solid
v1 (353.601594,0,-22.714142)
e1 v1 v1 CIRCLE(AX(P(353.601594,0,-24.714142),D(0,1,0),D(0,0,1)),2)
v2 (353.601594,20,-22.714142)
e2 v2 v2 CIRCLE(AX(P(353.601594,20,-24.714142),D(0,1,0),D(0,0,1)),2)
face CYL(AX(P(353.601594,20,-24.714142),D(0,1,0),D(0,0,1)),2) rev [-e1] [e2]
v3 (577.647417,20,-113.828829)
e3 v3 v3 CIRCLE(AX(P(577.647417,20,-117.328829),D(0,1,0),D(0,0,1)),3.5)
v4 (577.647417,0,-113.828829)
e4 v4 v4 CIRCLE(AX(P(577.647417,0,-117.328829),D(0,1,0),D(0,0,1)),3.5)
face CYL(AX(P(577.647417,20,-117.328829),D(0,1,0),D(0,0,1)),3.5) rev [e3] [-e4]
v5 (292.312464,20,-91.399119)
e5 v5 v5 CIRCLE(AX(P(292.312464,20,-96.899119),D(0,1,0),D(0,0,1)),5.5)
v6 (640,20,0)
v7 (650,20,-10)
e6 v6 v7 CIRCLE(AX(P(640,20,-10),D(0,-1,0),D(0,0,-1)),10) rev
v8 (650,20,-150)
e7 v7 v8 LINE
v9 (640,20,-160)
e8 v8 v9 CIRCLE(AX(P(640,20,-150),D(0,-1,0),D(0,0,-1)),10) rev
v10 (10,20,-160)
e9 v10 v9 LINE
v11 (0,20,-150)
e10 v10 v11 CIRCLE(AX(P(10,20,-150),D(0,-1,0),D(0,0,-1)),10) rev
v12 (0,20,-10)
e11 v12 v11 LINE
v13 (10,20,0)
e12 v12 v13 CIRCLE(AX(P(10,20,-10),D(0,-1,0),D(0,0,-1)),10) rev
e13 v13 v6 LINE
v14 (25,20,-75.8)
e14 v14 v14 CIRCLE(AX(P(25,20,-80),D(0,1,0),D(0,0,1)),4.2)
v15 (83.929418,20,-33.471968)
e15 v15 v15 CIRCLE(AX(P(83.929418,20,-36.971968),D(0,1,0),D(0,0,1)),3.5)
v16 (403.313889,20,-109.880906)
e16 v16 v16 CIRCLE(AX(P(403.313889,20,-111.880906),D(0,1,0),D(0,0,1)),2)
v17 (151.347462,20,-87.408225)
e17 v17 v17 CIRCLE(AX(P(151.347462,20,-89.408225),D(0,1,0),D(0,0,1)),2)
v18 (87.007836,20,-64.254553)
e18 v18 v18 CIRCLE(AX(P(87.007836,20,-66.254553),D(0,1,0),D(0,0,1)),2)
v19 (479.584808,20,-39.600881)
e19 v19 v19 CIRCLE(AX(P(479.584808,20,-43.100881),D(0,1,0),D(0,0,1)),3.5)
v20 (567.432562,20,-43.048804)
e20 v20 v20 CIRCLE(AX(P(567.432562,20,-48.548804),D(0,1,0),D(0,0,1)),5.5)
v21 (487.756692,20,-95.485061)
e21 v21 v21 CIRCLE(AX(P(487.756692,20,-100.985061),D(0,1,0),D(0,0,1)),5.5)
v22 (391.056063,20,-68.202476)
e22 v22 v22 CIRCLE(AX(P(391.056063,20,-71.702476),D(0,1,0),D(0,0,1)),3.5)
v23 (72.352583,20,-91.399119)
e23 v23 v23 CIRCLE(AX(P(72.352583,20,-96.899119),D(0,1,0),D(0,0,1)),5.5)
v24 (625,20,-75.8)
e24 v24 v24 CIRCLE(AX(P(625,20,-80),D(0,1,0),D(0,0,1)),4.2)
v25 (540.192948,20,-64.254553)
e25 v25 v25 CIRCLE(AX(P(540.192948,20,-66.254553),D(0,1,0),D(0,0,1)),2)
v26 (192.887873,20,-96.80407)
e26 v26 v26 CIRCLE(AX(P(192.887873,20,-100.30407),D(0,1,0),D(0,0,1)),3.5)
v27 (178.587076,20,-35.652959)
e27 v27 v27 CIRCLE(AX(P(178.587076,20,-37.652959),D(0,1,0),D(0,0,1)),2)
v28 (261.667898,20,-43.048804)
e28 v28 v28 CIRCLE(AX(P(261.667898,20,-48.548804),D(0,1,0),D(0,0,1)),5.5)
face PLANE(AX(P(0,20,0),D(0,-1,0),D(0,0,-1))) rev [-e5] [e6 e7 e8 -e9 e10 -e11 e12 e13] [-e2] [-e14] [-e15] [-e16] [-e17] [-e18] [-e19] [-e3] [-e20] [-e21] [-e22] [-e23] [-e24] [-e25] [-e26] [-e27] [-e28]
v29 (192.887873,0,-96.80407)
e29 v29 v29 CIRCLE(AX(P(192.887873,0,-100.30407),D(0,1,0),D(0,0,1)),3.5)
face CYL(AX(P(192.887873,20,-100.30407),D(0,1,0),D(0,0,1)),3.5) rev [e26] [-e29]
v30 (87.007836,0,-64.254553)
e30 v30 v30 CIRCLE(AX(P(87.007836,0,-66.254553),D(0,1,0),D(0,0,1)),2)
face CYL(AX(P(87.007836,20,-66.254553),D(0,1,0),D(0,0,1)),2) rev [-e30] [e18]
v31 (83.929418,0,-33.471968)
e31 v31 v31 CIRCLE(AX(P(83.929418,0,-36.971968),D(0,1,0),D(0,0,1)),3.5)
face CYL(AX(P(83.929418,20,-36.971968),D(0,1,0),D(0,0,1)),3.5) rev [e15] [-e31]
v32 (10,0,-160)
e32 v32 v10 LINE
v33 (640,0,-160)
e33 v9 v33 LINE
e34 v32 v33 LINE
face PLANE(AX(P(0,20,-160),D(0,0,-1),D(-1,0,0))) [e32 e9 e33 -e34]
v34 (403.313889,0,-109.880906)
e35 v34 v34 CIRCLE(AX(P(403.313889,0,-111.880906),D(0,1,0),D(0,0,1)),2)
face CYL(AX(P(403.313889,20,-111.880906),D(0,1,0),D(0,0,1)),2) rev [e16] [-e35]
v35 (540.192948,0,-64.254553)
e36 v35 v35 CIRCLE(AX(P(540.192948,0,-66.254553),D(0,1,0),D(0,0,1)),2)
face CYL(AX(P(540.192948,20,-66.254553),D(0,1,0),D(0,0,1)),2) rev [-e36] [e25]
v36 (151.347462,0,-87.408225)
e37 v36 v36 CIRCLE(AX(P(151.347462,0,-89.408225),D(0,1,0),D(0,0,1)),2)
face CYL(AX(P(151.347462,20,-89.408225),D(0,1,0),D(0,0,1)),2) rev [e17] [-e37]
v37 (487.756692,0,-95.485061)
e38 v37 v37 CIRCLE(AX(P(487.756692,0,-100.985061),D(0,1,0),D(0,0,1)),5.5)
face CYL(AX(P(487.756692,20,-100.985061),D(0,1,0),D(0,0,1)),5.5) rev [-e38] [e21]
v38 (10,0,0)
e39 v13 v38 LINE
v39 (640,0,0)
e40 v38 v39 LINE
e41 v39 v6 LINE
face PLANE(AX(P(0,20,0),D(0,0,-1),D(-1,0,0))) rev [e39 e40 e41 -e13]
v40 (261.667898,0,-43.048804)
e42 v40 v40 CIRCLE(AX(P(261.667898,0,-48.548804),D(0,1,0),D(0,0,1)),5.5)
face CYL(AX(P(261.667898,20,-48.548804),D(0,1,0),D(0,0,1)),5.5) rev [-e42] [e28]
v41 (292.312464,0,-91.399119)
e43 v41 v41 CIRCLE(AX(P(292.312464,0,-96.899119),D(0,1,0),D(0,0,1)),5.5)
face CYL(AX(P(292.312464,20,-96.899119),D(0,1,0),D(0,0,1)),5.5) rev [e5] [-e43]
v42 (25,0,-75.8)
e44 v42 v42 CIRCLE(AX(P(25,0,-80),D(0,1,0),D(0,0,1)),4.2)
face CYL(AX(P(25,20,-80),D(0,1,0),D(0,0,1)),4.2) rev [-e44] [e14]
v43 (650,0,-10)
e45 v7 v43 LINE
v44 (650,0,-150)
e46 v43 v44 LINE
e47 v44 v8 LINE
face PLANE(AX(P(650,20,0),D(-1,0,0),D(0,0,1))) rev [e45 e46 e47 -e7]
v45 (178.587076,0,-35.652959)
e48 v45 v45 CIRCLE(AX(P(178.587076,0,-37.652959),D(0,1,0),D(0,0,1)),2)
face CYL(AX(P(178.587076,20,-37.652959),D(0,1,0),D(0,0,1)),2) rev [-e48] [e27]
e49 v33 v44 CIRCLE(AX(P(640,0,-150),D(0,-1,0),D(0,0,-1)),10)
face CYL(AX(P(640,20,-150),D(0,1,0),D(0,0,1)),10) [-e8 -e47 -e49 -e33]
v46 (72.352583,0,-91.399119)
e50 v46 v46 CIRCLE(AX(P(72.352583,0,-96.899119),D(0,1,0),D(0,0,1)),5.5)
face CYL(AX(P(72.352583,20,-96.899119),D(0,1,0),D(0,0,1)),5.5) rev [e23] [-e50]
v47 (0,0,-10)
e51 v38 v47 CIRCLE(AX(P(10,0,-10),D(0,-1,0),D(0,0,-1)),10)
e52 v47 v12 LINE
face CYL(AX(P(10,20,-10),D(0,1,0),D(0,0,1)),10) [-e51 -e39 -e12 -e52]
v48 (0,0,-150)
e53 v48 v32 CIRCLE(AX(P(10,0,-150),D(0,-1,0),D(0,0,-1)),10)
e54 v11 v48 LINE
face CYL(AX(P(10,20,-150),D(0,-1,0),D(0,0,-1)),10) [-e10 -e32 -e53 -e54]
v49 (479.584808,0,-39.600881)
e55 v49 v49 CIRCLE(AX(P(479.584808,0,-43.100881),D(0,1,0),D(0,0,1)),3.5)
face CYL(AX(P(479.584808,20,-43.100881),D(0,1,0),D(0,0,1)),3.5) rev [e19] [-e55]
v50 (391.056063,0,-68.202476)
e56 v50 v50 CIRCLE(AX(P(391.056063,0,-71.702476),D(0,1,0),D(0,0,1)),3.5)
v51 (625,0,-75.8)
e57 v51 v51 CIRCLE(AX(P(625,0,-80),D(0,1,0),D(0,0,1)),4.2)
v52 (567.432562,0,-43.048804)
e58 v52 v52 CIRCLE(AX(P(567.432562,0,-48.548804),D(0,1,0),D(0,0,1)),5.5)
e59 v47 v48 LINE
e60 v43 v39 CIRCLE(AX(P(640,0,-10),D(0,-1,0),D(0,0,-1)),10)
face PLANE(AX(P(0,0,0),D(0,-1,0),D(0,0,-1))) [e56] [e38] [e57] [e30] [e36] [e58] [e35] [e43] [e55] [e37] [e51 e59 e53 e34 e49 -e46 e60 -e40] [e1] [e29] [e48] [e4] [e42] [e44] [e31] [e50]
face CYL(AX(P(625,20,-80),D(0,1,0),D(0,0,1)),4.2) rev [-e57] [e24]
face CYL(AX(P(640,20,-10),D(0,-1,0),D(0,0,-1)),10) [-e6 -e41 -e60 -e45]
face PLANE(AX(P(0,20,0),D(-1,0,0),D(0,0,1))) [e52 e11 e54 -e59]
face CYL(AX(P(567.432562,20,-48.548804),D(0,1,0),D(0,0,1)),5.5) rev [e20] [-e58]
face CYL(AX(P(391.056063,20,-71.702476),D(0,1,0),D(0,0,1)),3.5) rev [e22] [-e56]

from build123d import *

# Parameters (mm, degrees)
SKETCH1_W                  = 650
SKETCH1_H                  = 160
BOSS_EXTRUDE1_DEPTH        = 20
FILLET1_R                  = 10
F_11_0_11_DIAMETER_HOLE1_D = 11
F_7_0_7_DIAMETER_HOLE1_D   = 7
F_4_0_4_DIAMETER_HOLE1_D   = 4
M8_CLEARANCE_HOLE1_D       = 8.4


with BuildPart() as part:
    # Sketch1 → Boss-Extrude1 (new body)
    with BuildSketch(Plane(origin=(0, 0, 0), x_dir=(1, 0, 0), z_dir=(0, 1, 0))):
        with Locations((325, 80)):
            Rectangle(SKETCH1_W, SKETCH1_H)
    extrude(amount=BOSS_EXTRUDE1_DEPTH)

    # Fillet1
    fillet1_edges = [part.edges().sort_by_distance(p)[0] for p in [
        (0, 10, 0),
        (650, 10, 0),
        (650, 10, -160),
        (0, 10, -160),
    ]]
    fillet(fillet1_edges, radius=FILLET1_R)

    # Ø11.0 (11) Diameter Hole1 (through all)
    with Locations(Plane(origin=(0, 20, 0), x_dir=(1, 0, 0), z_dir=(0, 1, 0))):
        with Locations((72.352582635, 96.89911856), (261.667898073, 48.548804186), (487.756692049, 100.98506062), (567.432562216, 48.548804186), (292.312463521, 96.89911856)):
            Hole(F_11_0_11_DIAMETER_HOLE1_D / 2)

    # Ø7.0 (7) Diameter Hole1 (through all)
    with Locations(Plane(origin=(0, 20, 0), x_dir=(1, 0, 0), z_dir=(0, 1, 0))):
        with Locations((192.887873399, 100.304070277), (83.929418471, 36.97196835), (391.0560633, 71.702475858), (577.647417365, 117.32882886), (479.58480793, 43.10088144)):
            Hole(F_7_0_7_DIAMETER_HOLE1_D / 2)

    # Ø4.0 (4) Diameter Hole1 (through all)
    with Locations(Plane(origin=(0, 20, 0), x_dir=(1, 0, 0), z_dir=(0, 1, 0))):
        with Locations((178.58707619, 37.652958693), (151.347462458, 89.408224784), (353.601594419, 24.71414217), (403.31388948, 111.880906113), (540.192948484, 66.254553112), (87.007836042, 66.254553112)):
            Hole(F_4_0_4_DIAMETER_HOLE1_D / 2)

    # M8 Clearance Hole1 (through all)
    with Locations(Plane(origin=(0, 20, 0), x_dir=(1, 0, 0), z_dir=(0, 1, 0))):
        with Locations((625, 80), (25, 80)):
            Hole(M8_CLEARANCE_HOLE1_D / 2)


solid = part.part
